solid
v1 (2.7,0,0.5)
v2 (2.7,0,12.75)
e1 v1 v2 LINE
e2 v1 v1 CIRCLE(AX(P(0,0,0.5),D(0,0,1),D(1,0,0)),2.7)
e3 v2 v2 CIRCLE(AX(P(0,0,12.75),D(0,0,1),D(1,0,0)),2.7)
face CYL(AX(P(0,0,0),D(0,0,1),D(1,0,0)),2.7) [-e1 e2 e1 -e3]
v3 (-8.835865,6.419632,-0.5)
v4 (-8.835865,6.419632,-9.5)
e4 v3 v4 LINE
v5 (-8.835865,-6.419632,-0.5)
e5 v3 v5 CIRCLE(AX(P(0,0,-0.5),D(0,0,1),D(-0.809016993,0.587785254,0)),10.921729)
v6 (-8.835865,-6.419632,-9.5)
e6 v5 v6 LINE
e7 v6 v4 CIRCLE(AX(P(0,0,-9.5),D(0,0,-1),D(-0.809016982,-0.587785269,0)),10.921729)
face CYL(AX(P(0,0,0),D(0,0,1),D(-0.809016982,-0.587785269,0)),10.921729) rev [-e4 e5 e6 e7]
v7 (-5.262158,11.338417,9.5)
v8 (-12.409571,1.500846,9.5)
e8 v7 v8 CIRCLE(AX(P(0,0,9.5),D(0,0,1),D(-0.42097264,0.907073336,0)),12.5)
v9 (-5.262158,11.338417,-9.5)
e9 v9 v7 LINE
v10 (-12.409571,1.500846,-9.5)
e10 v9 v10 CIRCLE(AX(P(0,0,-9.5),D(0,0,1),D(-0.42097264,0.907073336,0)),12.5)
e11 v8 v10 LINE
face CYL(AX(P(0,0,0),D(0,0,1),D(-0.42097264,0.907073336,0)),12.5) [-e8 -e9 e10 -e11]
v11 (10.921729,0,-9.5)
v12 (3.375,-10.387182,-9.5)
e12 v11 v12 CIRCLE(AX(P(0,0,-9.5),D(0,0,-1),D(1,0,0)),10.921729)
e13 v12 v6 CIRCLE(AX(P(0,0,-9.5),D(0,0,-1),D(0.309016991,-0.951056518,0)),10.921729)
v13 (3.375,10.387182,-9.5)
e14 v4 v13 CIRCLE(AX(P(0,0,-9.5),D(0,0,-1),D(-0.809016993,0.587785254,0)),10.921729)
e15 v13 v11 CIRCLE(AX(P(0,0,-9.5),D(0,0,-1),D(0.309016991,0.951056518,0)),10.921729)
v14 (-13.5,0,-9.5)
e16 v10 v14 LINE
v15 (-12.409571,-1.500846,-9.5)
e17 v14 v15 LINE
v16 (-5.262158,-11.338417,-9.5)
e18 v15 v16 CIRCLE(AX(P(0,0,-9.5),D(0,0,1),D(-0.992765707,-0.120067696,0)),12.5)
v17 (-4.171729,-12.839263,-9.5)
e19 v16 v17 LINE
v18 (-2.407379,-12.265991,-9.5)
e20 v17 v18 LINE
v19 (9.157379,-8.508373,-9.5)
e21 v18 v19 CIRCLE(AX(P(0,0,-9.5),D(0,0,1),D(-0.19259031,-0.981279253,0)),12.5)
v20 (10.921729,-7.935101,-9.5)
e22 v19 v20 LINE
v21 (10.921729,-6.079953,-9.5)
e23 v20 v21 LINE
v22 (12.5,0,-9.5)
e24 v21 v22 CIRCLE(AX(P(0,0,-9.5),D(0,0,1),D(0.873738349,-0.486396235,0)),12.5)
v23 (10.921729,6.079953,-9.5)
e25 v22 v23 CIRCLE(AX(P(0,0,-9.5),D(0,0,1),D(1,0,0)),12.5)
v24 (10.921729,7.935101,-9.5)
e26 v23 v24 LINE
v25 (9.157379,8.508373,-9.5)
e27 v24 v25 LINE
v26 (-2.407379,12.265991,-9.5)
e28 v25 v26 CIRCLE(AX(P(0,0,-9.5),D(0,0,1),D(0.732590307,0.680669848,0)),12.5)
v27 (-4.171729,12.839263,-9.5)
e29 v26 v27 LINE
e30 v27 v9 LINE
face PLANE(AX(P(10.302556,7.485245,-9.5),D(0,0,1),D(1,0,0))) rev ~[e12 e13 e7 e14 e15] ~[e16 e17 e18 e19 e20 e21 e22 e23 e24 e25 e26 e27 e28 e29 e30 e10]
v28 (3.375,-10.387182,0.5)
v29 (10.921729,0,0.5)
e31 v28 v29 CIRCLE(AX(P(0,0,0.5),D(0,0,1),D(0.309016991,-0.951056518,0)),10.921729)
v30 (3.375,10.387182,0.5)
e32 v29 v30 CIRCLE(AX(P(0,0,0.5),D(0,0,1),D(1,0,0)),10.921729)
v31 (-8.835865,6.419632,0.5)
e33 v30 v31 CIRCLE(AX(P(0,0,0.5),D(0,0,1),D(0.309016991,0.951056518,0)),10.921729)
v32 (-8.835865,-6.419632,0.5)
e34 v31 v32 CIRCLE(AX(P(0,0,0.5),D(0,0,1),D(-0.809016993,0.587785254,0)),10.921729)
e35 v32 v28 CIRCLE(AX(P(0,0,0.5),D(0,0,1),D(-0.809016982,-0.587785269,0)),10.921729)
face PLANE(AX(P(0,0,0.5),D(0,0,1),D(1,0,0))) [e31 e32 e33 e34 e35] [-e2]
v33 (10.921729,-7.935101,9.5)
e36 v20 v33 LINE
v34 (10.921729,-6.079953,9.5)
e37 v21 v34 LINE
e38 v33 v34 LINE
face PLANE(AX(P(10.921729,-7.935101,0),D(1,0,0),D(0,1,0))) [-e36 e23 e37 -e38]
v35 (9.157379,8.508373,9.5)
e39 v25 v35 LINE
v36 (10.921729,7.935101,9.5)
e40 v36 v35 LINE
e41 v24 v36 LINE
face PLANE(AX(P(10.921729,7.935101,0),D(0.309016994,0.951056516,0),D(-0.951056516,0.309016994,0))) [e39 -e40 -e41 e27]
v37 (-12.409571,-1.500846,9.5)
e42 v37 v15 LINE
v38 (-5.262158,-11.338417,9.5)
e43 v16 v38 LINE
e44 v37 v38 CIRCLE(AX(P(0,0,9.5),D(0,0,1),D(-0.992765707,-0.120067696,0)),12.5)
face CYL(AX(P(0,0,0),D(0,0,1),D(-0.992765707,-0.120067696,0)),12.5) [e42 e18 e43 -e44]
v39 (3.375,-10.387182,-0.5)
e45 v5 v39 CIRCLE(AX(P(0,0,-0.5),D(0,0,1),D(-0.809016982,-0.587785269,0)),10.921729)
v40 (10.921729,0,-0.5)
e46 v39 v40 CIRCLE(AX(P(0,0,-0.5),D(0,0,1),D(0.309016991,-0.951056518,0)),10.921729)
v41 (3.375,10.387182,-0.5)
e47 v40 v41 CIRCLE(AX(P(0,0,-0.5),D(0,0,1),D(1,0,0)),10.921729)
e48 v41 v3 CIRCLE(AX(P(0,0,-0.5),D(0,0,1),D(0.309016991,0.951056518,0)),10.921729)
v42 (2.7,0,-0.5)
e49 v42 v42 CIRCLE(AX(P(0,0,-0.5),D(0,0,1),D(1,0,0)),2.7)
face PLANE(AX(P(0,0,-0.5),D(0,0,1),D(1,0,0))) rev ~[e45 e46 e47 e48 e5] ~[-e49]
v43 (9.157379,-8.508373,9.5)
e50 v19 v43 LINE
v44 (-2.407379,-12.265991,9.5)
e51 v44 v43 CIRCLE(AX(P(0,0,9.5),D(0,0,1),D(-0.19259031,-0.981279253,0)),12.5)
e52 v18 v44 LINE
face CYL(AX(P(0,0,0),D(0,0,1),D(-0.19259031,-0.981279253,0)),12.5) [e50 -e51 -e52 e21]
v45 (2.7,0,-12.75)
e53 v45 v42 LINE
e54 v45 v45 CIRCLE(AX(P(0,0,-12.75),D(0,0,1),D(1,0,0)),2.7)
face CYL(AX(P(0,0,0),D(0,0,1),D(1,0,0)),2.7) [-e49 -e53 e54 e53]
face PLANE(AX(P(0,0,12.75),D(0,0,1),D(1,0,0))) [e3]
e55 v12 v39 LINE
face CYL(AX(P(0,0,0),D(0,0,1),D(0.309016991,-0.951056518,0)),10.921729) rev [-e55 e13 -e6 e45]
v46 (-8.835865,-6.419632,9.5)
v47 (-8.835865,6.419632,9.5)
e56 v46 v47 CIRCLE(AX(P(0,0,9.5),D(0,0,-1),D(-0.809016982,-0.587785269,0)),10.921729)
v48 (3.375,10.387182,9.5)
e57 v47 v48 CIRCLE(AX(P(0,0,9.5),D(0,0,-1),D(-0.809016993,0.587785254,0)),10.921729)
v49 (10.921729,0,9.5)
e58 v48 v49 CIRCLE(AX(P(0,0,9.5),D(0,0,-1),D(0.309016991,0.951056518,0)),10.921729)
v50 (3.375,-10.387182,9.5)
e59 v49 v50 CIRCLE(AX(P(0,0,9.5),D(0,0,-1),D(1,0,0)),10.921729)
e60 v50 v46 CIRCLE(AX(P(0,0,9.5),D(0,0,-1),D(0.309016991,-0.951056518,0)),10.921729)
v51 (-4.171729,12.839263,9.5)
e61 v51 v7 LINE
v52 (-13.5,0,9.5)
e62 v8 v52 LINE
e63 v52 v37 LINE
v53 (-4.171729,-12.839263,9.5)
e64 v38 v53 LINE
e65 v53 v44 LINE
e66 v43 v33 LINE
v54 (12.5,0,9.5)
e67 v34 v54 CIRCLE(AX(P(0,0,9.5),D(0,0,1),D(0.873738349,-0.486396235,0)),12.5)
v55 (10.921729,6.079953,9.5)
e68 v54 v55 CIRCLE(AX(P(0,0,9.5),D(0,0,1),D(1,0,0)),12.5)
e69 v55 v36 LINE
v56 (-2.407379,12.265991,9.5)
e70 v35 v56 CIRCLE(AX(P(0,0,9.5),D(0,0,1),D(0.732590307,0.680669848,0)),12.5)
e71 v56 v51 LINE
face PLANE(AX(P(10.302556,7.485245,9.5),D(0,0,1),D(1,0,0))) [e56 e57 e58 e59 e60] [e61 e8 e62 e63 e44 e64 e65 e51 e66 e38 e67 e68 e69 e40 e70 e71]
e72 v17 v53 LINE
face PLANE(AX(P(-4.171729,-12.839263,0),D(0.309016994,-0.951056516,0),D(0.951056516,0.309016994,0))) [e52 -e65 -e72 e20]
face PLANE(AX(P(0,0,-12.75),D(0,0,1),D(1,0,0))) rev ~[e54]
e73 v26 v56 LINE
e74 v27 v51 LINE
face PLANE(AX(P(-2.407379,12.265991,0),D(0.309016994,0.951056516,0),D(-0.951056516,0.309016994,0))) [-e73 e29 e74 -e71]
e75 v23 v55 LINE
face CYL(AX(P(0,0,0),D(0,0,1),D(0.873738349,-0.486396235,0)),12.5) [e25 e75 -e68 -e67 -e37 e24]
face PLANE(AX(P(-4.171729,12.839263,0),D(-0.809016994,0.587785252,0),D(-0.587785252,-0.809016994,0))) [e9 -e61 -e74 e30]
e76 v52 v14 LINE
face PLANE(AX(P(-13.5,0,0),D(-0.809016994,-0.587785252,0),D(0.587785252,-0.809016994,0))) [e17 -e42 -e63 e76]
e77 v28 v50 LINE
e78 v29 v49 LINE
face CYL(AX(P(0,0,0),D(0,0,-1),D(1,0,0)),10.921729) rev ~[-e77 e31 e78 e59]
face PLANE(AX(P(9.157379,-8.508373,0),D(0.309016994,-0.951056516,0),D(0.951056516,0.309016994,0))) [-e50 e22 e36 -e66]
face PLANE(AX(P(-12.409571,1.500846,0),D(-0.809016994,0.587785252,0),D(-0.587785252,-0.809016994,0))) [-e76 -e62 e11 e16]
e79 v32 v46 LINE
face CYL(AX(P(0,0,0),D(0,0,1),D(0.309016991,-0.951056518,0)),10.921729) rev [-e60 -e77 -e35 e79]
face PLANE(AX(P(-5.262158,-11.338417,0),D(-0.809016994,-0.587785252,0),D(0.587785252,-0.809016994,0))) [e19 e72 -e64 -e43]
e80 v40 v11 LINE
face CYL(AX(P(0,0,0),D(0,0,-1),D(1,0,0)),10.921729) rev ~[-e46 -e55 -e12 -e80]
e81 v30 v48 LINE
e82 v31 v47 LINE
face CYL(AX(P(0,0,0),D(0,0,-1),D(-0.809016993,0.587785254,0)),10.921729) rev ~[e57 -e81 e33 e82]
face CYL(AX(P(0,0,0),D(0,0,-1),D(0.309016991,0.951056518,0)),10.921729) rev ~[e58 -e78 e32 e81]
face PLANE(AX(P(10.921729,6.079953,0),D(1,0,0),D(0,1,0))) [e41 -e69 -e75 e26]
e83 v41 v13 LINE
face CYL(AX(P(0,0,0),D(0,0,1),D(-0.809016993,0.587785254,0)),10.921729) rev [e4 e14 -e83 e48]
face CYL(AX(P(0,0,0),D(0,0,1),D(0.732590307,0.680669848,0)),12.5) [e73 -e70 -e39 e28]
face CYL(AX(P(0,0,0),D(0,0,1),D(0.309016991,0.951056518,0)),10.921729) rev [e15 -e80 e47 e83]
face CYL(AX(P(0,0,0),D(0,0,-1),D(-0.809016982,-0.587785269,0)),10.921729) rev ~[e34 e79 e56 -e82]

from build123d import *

# Parameters (mm, degrees)
F1_DEPTH = 9.5
F0_R     = 2.7
F2_DEPTH = 12.75
F3_DEPTH = 0.5


with BuildPart() as f1:
    # F0 (on Top) → F1 (new body, symmetric)
    with BuildSketch(Plane.XY):
        with BuildLine():
            Line((10.9217294241, 6.0799529679), (10.9217294241, 7.9351009059))
            Line((10.9217294241, 7.9351009059), (9.1573788889, 8.5083731459))
            ThreePointArc((9.1573788889, 8.5083731459), (10.1127124848, 7.3473156937), (10.9217294241, 6.0799529679))
        make_face()
        with BuildLine():
            ThreePointArc((12.5000000682, 0), (12.0990003771, 3.1407310581), (10.9217294241, 6.0799529679))
            Line((10.9217294241, 6.0799529679), (10.9217294241, 0))
            Line((10.9217294241, 0), (10.9217294241, -6.0799529679))
            ThreePointArc((10.9217294241, -6.0799529679), (12.0990003771, -3.1407310581), (12.5000000682, 0))
        make_face()
        with BuildLine():
            Line((10.9217294241, 0), (10.9217294241, 6.0799529679))
            ThreePointArc((10.9217294241, 6.0799529679), (10.1127124848, 7.3473156937), (9.1573788889, 8.5083731459))
            Line((9.1573788889, 8.5083731459), (3.3749999593, 10.3871819512))
            ThreePointArc((3.3749999593, 10.3871819512), (8.8358646995, 6.4196315023), (10.9217294241, 0))
        make_face()
        with BuildLine():
            Line((3.3749999593, 10.3871819512), (9.1573788889, 8.5083731459))
            ThreePointArc((9.1573788889, 8.5083731459), (3.8627124507, 11.8882065185), (-2.4073788889, 12.26599073))
            Line((-2.4073788889, 12.26599073), (3.3749999593, 10.3871819512))
        make_face()
        with BuildLine():
            Line((10.9217294241, -6.0799529679), (10.9217294241, 0))
            ThreePointArc((10.9217294241, 0), (8.8358646995, -6.4196315023), (3.3749999593, -10.3871819512))
            Line((3.3749999593, -10.3871819512), (9.1573788889, -8.5083731459))
            ThreePointArc((9.1573788889, -8.5083731459), (10.1127124848, -7.3473156937), (10.9217294241, -6.0799529679))
        make_face()
        with BuildLine():
            ThreePointArc((-8.8358646984, 6.4196315037), (-3.3750000093, 10.3871819349), (3.3749999593, 10.3871819512))
            Line((3.3749999593, 10.3871819512), (-2.4073788889, 12.26599073))
            ThreePointArc((-2.4073788889, 12.26599073), (-3.8627124507, 11.8882065185), (-5.2621580229, 11.338416761))
            Line((-5.2621580229, 11.338416761), (-8.8358646984, 6.4196315037))
        make_face()
        with BuildLine():
            ThreePointArc((-5.2621580229, 11.338416761), (-3.8627124507, 11.8882065185), (-2.4073788889, 12.26599073))
            Line((-2.4073788889, 12.26599073), (-4.1717294241, 12.83926297))
            Line((-4.1717294241, 12.83926297), (-5.2621580229, 11.338416761))
        make_face()
        with BuildLine():
            Line((10.9217294241, -7.9351009059), (10.9217294241, -6.0799529679))
            ThreePointArc((10.9217294241, -6.0799529679), (10.1127124848, -7.3473156937), (9.1573788889, -8.5083731459))
            Line((9.1573788889, -8.5083731459), (10.9217294241, -7.9351009059))
        make_face()
        with BuildLine():
            Line((9.1573788889, -8.5083731459), (3.3749999593, -10.3871819512))
            Line((3.3749999593, -10.3871819512), (-2.4073788889, -12.26599073))
            ThreePointArc((-2.4073788889, -12.26599073), (3.8627124507, -11.8882065185), (9.1573788889, -8.5083731459))
        make_face()
        with BuildLine():
            Line((-2.4073788889, -12.26599073), (3.3749999593, -10.3871819512))
            ThreePointArc((3.3749999593, -10.3871819512), (-3.3749999125, -10.3871819664), (-8.8358645787, -6.4196316685))
            Line((-8.8358645787, -6.4196316685), (-5.2621580229, -11.338416761))
            ThreePointArc((-5.2621580229, -11.338416761), (-3.8627124507, -11.8882065185), (-2.4073788889, -12.26599073))
        make_face()
        with BuildLine():
            ThreePointArc((-8.8358645787, -6.4196316685), (-10.9217294241, -1.018e-07), (-8.8358646984, 6.4196315037))
            Line((-8.8358646984, 6.4196315037), (-12.4095714012, 1.500846209))
            ThreePointArc((-12.4095714012, 1.500846209), (-12.5000000682, 0), (-12.4095714012, -1.500846209))
            Line((-12.4095714012, -1.500846209), (-8.8358645787, -6.4196316685))
        make_face()
        with BuildLine():
            Line((-12.4095714012, 1.500846209), (-8.8358646984, 6.4196315037))
            Line((-8.8358646984, 6.4196315037), (-5.2621580229, 11.338416761))
            ThreePointArc((-5.2621580229, 11.338416761), (-10.1127124848, 7.3473156937), (-12.4095714012, 1.500846209))
        make_face()
        with BuildLine():
            Line((-4.1717294241, -12.83926297), (-2.4073788889, -12.26599073))
            ThreePointArc((-2.4073788889, -12.26599073), (-3.8627124507, -11.8882065185), (-5.2621580229, -11.338416761))
            Line((-5.2621580229, -11.338416761), (-4.1717294241, -12.83926297))
        make_face()
        with BuildLine():
            Line((-5.2621580229, -11.338416761), (-8.8358645787, -6.4196316685))
            Line((-8.8358645787, -6.4196316685), (-12.4095714012, -1.500846209))
            ThreePointArc((-12.4095714012, -1.500846209), (-10.1127124848, -7.3473156937), (-5.2621580229, -11.338416761))
        make_face()
        with BuildLine():
            ThreePointArc((-12.4095714012, -1.500846209), (-12.5000000682, 0), (-12.4095714012, 1.500846209))
            Line((-12.4095714012, 1.500846209), (-13.5, 0))
            Line((-13.5, 0), (-12.4095714012, -1.500846209))
        make_face()
    extrude(amount=F1_DEPTH, both=True)



with BuildPart() as f1b:
    # F0 (on Top) → F1, piece 2 (new body, symmetric)
    with BuildSketch(Plane.XY):
        Circle(F0_R)
    extrude(amount=F1_DEPTH, both=True)

    # F0 (on Top) → F2 (join, symmetric)
    with BuildSketch(Plane.XY):
        Circle(F0_R)
    extrude(amount=F2_DEPTH, both=True)


with BuildPart() as f1_1:
    add(f1.part)

    add(f1b.part)  # F3 merges F1b
    # F0 (on Top) → F3 (join, symmetric)
    with BuildSketch(Plane.XY):
        with BuildLine():
            ThreePointArc((3.3749999593, -10.3871819512), (8.8358646995, -6.4196315023), (10.9217294241, 0))
            ThreePointArc((10.9217294241, 0), (8.8358646995, 6.4196315023), (3.3749999593, 10.3871819512))
            ThreePointArc((3.3749999593, 10.3871819512), (-3.3750000093, 10.3871819349), (-8.8358646984, 6.4196315037))
            ThreePointArc((-8.8358646984, 6.4196315037), (-10.9217294241, -1.018e-07), (-8.8358645787, -6.4196316685))
            ThreePointArc((-8.8358645787, -6.4196316685), (-3.3749999125, -10.3871819664), (3.3749999593, -10.3871819512))
        make_face()
        Circle(F0_R, mode=Mode.SUBTRACT)
    extrude(amount=F3_DEPTH, both=True)


solid = f1_1.part
